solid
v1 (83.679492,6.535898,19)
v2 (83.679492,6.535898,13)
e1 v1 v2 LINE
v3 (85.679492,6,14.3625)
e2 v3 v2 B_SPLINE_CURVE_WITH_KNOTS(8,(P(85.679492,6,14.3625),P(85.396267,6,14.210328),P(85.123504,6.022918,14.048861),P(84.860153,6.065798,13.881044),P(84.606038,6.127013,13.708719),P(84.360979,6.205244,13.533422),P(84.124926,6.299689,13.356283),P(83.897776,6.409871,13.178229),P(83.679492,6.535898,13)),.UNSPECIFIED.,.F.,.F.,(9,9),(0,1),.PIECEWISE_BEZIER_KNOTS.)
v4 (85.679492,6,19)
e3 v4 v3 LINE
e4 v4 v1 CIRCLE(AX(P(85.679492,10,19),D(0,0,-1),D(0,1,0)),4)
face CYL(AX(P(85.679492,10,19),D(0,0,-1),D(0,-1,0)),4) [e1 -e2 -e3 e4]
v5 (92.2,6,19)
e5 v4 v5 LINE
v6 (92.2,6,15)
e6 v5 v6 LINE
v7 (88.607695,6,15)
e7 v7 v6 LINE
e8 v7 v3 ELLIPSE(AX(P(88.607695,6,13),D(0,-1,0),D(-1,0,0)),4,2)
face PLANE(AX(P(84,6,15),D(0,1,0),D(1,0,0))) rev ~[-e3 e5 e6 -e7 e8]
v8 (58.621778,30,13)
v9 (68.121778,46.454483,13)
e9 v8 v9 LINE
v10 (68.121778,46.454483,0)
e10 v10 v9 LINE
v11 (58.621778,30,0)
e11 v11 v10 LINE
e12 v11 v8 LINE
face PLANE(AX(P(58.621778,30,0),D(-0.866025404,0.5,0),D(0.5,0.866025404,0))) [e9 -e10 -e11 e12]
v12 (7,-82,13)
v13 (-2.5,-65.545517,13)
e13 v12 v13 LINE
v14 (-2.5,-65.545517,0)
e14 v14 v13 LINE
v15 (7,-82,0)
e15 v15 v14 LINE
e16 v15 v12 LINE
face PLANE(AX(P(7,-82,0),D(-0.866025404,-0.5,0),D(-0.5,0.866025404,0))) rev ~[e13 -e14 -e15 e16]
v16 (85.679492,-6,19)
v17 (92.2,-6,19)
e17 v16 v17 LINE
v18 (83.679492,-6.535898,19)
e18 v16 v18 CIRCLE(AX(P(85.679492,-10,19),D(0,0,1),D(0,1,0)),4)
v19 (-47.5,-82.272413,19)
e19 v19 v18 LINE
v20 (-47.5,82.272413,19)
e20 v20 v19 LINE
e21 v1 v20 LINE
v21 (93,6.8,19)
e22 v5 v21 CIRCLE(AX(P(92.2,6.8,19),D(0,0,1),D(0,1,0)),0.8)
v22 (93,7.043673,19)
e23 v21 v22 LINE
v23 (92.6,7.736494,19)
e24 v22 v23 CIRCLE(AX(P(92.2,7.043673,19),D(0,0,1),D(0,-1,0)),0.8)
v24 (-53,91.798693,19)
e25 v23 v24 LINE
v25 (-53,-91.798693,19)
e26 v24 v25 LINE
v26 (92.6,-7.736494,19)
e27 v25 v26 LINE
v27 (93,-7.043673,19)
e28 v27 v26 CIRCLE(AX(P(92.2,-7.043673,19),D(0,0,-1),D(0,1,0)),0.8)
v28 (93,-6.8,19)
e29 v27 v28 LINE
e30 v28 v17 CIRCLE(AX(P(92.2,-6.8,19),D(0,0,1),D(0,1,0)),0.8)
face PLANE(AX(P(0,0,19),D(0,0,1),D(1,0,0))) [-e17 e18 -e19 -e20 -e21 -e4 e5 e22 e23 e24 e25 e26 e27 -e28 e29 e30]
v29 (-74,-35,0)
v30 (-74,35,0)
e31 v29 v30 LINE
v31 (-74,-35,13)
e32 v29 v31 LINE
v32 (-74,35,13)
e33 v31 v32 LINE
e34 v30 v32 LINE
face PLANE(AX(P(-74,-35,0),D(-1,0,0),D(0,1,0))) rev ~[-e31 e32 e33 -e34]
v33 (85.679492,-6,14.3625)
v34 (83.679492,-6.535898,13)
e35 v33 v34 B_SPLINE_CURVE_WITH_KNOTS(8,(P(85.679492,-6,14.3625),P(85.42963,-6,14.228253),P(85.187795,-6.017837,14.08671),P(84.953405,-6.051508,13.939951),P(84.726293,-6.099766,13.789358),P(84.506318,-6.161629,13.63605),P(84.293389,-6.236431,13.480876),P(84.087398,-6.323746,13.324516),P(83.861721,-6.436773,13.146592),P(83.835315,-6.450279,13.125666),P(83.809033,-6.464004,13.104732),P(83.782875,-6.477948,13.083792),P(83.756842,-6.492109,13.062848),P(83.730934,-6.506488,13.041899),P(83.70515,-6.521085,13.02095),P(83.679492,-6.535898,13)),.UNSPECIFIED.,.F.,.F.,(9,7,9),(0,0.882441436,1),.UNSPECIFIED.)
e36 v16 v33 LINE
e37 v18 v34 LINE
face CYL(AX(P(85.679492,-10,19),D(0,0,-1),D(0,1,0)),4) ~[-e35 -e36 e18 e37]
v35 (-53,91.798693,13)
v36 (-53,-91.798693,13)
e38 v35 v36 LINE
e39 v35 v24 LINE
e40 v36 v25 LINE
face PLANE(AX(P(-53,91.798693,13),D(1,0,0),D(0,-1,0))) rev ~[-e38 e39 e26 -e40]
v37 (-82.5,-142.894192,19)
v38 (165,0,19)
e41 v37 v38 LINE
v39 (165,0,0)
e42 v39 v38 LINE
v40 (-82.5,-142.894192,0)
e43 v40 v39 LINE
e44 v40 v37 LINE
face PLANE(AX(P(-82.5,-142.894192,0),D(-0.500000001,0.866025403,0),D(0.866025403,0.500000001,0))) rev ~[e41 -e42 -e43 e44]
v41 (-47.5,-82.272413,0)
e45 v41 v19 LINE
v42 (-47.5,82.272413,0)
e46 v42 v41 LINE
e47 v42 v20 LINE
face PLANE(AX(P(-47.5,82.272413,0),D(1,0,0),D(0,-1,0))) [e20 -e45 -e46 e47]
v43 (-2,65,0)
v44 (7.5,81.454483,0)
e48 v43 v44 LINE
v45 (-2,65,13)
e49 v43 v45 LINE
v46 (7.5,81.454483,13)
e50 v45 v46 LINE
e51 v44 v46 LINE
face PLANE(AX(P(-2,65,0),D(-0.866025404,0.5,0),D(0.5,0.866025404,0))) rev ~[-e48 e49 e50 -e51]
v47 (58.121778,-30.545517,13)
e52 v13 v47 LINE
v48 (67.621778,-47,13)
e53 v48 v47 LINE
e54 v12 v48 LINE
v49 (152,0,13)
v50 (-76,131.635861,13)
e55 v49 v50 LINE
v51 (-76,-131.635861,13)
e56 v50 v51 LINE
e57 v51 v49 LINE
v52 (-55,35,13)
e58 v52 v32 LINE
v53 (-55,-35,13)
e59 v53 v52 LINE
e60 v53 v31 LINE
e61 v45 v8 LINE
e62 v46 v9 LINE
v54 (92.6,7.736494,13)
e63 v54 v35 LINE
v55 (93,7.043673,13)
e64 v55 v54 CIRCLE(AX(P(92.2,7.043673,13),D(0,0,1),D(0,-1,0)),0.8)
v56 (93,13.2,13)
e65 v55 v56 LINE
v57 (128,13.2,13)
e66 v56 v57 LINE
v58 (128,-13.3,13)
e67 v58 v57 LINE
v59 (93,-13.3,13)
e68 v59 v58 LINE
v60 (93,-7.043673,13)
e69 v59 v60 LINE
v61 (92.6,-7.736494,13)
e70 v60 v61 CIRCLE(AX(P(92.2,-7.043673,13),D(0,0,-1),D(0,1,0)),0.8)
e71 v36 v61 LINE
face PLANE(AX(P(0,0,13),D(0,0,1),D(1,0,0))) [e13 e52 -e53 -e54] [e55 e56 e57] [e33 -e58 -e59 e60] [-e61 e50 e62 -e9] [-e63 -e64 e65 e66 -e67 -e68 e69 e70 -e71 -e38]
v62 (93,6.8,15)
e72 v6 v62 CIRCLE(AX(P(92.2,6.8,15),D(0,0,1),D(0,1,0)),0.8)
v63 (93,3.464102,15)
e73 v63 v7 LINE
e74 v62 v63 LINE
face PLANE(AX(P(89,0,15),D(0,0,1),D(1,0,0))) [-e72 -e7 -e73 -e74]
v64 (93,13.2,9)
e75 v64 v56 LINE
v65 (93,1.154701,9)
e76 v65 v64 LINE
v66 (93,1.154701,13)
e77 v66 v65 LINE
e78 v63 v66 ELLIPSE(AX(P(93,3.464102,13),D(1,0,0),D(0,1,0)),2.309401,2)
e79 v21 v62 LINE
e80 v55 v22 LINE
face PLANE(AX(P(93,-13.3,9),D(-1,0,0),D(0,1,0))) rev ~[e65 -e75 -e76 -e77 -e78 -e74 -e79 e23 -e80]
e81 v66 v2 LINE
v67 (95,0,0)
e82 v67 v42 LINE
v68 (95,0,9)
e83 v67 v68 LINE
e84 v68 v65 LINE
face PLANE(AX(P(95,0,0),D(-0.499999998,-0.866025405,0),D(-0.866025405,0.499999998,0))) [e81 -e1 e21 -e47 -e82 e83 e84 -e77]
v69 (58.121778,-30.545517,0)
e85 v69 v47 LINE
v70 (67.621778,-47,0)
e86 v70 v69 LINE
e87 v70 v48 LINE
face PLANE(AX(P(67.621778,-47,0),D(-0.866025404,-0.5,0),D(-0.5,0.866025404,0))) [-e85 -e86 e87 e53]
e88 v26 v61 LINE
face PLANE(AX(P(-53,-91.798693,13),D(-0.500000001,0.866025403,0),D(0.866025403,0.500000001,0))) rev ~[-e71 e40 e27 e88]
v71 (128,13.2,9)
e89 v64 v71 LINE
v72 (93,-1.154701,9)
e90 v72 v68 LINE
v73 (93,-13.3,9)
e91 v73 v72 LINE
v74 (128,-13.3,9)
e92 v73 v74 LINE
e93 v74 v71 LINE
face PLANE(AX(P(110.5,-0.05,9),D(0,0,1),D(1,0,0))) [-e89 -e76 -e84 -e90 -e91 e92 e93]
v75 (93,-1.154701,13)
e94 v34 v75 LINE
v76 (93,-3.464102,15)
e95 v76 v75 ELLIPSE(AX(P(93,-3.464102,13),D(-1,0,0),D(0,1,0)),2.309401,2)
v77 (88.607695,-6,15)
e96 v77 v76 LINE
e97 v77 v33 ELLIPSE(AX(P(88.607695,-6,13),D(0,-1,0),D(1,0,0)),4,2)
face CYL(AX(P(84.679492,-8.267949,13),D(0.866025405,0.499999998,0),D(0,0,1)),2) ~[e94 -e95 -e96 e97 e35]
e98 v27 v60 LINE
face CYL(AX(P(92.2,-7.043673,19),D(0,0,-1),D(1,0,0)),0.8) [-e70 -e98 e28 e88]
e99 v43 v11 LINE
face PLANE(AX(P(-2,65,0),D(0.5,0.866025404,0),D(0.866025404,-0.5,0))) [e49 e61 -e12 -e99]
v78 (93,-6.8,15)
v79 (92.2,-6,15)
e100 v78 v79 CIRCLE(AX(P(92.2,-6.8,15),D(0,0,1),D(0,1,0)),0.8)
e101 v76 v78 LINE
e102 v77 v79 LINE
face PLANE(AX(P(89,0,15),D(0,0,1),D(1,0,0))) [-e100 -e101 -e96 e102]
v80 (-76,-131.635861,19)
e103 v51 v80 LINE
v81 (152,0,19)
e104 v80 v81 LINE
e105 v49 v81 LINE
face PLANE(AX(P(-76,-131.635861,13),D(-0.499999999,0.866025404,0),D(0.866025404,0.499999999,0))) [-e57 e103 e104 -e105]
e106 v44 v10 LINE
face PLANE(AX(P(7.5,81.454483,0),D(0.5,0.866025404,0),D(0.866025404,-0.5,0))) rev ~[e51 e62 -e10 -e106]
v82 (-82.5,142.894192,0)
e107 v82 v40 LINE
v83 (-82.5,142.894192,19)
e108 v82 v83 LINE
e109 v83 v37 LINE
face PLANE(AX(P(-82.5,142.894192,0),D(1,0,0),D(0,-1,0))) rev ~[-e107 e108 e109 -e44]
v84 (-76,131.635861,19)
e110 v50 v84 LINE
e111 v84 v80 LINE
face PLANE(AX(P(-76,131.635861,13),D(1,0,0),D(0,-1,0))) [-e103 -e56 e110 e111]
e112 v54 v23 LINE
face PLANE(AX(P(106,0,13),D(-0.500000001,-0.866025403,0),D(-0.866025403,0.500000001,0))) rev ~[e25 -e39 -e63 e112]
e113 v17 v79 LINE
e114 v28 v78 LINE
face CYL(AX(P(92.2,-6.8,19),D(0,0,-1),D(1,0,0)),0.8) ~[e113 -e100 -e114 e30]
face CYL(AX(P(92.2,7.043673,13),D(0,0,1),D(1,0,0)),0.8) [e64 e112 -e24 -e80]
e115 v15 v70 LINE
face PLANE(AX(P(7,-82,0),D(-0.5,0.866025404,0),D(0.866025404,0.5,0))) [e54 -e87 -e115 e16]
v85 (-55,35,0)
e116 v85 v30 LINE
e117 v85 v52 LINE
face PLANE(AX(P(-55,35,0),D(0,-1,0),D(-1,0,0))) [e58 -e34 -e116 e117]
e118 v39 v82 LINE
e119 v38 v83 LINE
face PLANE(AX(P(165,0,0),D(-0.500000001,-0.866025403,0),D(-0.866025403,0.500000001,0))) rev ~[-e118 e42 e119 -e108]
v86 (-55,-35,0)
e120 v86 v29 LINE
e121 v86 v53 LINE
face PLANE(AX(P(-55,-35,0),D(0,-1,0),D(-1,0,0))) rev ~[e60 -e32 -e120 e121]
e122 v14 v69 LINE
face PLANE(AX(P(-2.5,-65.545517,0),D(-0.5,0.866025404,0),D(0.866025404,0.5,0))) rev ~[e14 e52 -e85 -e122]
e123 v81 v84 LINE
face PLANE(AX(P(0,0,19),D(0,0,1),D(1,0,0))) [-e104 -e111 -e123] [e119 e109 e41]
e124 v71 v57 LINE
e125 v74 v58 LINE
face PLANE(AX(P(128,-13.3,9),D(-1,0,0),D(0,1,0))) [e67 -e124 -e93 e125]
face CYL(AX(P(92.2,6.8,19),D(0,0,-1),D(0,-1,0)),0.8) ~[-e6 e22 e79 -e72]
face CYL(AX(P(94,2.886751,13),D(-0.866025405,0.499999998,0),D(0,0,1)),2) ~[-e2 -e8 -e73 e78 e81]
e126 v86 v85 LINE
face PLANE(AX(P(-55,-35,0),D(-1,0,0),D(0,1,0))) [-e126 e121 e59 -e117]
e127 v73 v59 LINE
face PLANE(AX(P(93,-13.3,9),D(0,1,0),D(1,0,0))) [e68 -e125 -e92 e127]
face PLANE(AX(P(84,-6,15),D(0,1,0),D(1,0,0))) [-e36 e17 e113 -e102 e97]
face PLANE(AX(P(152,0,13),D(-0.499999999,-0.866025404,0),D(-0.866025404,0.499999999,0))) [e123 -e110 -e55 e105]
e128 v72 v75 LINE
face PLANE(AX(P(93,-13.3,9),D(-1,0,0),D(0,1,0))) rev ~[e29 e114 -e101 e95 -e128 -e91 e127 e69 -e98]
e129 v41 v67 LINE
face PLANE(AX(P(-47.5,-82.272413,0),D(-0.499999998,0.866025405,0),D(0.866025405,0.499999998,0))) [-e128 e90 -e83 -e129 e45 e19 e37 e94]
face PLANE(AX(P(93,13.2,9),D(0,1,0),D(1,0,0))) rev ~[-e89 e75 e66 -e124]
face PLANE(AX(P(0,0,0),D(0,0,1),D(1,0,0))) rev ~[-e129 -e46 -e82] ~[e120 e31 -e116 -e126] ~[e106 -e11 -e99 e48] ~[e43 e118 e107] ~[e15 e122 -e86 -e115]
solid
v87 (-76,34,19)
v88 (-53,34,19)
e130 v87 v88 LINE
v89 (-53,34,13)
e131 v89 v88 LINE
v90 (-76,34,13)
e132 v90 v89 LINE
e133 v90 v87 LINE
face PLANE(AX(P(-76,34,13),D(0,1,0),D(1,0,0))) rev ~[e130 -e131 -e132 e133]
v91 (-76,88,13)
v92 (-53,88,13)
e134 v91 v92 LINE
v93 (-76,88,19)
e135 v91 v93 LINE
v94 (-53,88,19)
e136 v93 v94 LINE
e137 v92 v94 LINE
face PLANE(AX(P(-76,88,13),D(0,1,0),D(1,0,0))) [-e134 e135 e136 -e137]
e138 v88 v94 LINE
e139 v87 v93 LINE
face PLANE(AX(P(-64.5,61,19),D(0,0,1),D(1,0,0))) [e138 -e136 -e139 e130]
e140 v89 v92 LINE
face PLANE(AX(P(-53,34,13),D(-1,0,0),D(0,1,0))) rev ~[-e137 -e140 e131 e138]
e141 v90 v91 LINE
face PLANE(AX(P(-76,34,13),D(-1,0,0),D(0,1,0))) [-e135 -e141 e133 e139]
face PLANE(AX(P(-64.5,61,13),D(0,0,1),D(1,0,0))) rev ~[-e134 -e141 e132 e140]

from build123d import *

# Parameters (mm, degrees)
BOX005_W               = 23
BOX005_H               = 54
BOX005_DEPTH           = 6
PRISM003_DEPTH         = 6
PRISM002_DEPTH         = 6
BOX004_W               = 10
BOX004_H               = 12
BOX004_DEPTH           = 4
BOX003_W               = 35
BOX003_H               = 26.5
BOX003_DEPTH           = 10
BOX002_W               = 70
BOX002_H               = 19
BOX002_DEPTH           = 19
BOX002_PLACEMENT_ANGLE = 30
BOX001_W               = 70
BOX001_H               = 19
BOX001_DEPTH           = 19
BOX001_PLACEMENT_ANGLE = 90
BOX_W                  = 70
BOX_H                  = 19
BOX_DEPTH              = 19
BOX_PLACEMENT_ANGLE    = 30
PRISM001_DEPTH         = 19
PRISM_DEPTH            = 19
FILLET_R               = 0.8
FILLET001_R            = 4
FILLET002_R            = 2


with BuildPart() as box005:
    # Box005 → Box005 (new body)
    with BuildSketch(Plane(origin=(-76, 34, 13), x_dir=(1, 0, 0), z_dir=(0, 0, 1))):
        with Locations((11.5, 27)):
            Rectangle(BOX005_W, BOX005_H)
    extrude(amount=BOX005_DEPTH)


with BuildPart() as prism003:
    # Prism003 → Prism003 (new body)
    with BuildSketch(Plane.XY.offset(13)):
        Polygon((106, 0), (-53, 91.798693), (-53, -91.798693), align=None)
    extrude(amount=PRISM003_DEPTH)


with BuildPart() as cut006:
    # Prism002 → Prism002 (new body)
    with BuildSketch(Plane.XY.offset(13)):
        Polygon((152, 0), (-76, 131.635861), (-76, -131.635861), align=None)
    extrude(amount=PRISM002_DEPTH)

    # Cut006: cut Prism003
    add(prism003.part, mode=Mode.SUBTRACT)


with BuildPart() as box004:
    # Box004 → Box004 (new body)
    with BuildSketch(Plane(origin=(84, -6, 15), x_dir=(1, 0, 0), z_dir=(0, 0, 1))):
        with Locations((5, 6)):
            Rectangle(BOX004_W, BOX004_H)
    extrude(amount=BOX004_DEPTH)


with BuildPart() as box003:
    # Box003 → Box003 (new body)
    with BuildSketch(Plane(origin=(93, -13.3, 9), x_dir=(1, 0, 0), z_dir=(0, 0, 1))):
        with Locations((17.5, 13.25)):
            Rectangle(BOX003_W, BOX003_H)
    extrude(amount=BOX003_DEPTH)


with BuildPart() as box002:
    # Box002 → Box002 (new body)
    with BuildSketch(Plane.XY):
        with Locations((35, 9.5)):
            Rectangle(BOX002_W, BOX002_H)
    extrude(amount=BOX002_DEPTH)


with BuildPart() as box002_1:
    # Box002 placement: moved
    add(box002.part.moved(Location((7, -82, 0))).rotate(Axis((7, -82, 0), (0, 0, 1)), BOX002_PLACEMENT_ANGLE))


with BuildPart() as box001:
    # Box001 → Box001 (new body)
    with BuildSketch(Plane.XY):
        with Locations((35, 9.5)):
            Rectangle(BOX001_W, BOX001_H)
    extrude(amount=BOX001_DEPTH)


with BuildPart() as box001_1:
    # Box001 placement: moved
    add(box001.part.moved(Location((-55, -35, 0))).rotate(Axis((-55, -35, 0), (0, 0, 1)), BOX001_PLACEMENT_ANGLE))


with BuildPart() as box:
    # Box → Box (new body)
    with BuildSketch(Plane.XY):
        with Locations((35, 9.5)):
            Rectangle(BOX_W, BOX_H)
    extrude(amount=BOX_DEPTH)


with BuildPart() as box_1:
    # Box placement: moved
    add(box.part.moved(Location((-2, 65, 0))).rotate(Axis((-2, 65, 0), (0, 0, -1)), BOX_PLACEMENT_ANGLE))


with BuildPart() as prism001:
    # Prism001 → Prism001 (new body)
    with BuildSketch(Plane.XY):
        Polygon((95, 0), (-47.5, 82.272413), (-47.5, -82.272413), align=None)
    extrude(amount=PRISM001_DEPTH)


with BuildPart() as fillet002:
    # Prism → Prism (new body)
    with BuildSketch(Plane.XY):
        Polygon((165, 0), (-82.5, 142.894192), (-82.5, -142.894192), align=None)
    extrude(amount=PRISM_DEPTH)

    # Cut: cut Prism001
    add(prism001.part, mode=Mode.SUBTRACT)

    # Cut001: cut Box
    add(box_1.part, mode=Mode.SUBTRACT)

    # Cut002: cut Box001
    add(box001_1.part, mode=Mode.SUBTRACT)

    # Cut003: cut Box002
    add(box002_1.part, mode=Mode.SUBTRACT)

    # Cut004: cut Box003
    add(box003.part, mode=Mode.SUBTRACT)

    # Cut005: cut Box004
    add(box004.part, mode=Mode.SUBTRACT)

    # Cut007: cut Cut006
    add(cut006.part, mode=Mode.SUBTRACT)

    # Fillet
    fillet_edges = [fillet002.edges().sort_by_distance(p)[0] for p in [
        (93, -6, 17),
        (93, -7.505553, 16),
        (93, 6, 17),
        (93, 7.505553, 16),
    ]]
    fillet(fillet_edges, radius=FILLET_R)

    # Fillet001
    fillet001_edges = [fillet002.edges().sort_by_distance(p)[0] for p in [
        (84.607695, 6, 17),
        (84.607695, -6, 17),
    ]]
    fillet(fillet001_edges, radius=FILLET001_R)

    # Fillet002
    fillet002_edges = [fillet002.edges().sort_by_distance(p)[0] for p in [
        (88.803848, 3.57735, 15),
        (88.803848, -3.57735, 15),
    ]]
    fillet(fillet002_edges, radius=FILLET002_R)


solid = Compound([box005.part, fillet002.part])
